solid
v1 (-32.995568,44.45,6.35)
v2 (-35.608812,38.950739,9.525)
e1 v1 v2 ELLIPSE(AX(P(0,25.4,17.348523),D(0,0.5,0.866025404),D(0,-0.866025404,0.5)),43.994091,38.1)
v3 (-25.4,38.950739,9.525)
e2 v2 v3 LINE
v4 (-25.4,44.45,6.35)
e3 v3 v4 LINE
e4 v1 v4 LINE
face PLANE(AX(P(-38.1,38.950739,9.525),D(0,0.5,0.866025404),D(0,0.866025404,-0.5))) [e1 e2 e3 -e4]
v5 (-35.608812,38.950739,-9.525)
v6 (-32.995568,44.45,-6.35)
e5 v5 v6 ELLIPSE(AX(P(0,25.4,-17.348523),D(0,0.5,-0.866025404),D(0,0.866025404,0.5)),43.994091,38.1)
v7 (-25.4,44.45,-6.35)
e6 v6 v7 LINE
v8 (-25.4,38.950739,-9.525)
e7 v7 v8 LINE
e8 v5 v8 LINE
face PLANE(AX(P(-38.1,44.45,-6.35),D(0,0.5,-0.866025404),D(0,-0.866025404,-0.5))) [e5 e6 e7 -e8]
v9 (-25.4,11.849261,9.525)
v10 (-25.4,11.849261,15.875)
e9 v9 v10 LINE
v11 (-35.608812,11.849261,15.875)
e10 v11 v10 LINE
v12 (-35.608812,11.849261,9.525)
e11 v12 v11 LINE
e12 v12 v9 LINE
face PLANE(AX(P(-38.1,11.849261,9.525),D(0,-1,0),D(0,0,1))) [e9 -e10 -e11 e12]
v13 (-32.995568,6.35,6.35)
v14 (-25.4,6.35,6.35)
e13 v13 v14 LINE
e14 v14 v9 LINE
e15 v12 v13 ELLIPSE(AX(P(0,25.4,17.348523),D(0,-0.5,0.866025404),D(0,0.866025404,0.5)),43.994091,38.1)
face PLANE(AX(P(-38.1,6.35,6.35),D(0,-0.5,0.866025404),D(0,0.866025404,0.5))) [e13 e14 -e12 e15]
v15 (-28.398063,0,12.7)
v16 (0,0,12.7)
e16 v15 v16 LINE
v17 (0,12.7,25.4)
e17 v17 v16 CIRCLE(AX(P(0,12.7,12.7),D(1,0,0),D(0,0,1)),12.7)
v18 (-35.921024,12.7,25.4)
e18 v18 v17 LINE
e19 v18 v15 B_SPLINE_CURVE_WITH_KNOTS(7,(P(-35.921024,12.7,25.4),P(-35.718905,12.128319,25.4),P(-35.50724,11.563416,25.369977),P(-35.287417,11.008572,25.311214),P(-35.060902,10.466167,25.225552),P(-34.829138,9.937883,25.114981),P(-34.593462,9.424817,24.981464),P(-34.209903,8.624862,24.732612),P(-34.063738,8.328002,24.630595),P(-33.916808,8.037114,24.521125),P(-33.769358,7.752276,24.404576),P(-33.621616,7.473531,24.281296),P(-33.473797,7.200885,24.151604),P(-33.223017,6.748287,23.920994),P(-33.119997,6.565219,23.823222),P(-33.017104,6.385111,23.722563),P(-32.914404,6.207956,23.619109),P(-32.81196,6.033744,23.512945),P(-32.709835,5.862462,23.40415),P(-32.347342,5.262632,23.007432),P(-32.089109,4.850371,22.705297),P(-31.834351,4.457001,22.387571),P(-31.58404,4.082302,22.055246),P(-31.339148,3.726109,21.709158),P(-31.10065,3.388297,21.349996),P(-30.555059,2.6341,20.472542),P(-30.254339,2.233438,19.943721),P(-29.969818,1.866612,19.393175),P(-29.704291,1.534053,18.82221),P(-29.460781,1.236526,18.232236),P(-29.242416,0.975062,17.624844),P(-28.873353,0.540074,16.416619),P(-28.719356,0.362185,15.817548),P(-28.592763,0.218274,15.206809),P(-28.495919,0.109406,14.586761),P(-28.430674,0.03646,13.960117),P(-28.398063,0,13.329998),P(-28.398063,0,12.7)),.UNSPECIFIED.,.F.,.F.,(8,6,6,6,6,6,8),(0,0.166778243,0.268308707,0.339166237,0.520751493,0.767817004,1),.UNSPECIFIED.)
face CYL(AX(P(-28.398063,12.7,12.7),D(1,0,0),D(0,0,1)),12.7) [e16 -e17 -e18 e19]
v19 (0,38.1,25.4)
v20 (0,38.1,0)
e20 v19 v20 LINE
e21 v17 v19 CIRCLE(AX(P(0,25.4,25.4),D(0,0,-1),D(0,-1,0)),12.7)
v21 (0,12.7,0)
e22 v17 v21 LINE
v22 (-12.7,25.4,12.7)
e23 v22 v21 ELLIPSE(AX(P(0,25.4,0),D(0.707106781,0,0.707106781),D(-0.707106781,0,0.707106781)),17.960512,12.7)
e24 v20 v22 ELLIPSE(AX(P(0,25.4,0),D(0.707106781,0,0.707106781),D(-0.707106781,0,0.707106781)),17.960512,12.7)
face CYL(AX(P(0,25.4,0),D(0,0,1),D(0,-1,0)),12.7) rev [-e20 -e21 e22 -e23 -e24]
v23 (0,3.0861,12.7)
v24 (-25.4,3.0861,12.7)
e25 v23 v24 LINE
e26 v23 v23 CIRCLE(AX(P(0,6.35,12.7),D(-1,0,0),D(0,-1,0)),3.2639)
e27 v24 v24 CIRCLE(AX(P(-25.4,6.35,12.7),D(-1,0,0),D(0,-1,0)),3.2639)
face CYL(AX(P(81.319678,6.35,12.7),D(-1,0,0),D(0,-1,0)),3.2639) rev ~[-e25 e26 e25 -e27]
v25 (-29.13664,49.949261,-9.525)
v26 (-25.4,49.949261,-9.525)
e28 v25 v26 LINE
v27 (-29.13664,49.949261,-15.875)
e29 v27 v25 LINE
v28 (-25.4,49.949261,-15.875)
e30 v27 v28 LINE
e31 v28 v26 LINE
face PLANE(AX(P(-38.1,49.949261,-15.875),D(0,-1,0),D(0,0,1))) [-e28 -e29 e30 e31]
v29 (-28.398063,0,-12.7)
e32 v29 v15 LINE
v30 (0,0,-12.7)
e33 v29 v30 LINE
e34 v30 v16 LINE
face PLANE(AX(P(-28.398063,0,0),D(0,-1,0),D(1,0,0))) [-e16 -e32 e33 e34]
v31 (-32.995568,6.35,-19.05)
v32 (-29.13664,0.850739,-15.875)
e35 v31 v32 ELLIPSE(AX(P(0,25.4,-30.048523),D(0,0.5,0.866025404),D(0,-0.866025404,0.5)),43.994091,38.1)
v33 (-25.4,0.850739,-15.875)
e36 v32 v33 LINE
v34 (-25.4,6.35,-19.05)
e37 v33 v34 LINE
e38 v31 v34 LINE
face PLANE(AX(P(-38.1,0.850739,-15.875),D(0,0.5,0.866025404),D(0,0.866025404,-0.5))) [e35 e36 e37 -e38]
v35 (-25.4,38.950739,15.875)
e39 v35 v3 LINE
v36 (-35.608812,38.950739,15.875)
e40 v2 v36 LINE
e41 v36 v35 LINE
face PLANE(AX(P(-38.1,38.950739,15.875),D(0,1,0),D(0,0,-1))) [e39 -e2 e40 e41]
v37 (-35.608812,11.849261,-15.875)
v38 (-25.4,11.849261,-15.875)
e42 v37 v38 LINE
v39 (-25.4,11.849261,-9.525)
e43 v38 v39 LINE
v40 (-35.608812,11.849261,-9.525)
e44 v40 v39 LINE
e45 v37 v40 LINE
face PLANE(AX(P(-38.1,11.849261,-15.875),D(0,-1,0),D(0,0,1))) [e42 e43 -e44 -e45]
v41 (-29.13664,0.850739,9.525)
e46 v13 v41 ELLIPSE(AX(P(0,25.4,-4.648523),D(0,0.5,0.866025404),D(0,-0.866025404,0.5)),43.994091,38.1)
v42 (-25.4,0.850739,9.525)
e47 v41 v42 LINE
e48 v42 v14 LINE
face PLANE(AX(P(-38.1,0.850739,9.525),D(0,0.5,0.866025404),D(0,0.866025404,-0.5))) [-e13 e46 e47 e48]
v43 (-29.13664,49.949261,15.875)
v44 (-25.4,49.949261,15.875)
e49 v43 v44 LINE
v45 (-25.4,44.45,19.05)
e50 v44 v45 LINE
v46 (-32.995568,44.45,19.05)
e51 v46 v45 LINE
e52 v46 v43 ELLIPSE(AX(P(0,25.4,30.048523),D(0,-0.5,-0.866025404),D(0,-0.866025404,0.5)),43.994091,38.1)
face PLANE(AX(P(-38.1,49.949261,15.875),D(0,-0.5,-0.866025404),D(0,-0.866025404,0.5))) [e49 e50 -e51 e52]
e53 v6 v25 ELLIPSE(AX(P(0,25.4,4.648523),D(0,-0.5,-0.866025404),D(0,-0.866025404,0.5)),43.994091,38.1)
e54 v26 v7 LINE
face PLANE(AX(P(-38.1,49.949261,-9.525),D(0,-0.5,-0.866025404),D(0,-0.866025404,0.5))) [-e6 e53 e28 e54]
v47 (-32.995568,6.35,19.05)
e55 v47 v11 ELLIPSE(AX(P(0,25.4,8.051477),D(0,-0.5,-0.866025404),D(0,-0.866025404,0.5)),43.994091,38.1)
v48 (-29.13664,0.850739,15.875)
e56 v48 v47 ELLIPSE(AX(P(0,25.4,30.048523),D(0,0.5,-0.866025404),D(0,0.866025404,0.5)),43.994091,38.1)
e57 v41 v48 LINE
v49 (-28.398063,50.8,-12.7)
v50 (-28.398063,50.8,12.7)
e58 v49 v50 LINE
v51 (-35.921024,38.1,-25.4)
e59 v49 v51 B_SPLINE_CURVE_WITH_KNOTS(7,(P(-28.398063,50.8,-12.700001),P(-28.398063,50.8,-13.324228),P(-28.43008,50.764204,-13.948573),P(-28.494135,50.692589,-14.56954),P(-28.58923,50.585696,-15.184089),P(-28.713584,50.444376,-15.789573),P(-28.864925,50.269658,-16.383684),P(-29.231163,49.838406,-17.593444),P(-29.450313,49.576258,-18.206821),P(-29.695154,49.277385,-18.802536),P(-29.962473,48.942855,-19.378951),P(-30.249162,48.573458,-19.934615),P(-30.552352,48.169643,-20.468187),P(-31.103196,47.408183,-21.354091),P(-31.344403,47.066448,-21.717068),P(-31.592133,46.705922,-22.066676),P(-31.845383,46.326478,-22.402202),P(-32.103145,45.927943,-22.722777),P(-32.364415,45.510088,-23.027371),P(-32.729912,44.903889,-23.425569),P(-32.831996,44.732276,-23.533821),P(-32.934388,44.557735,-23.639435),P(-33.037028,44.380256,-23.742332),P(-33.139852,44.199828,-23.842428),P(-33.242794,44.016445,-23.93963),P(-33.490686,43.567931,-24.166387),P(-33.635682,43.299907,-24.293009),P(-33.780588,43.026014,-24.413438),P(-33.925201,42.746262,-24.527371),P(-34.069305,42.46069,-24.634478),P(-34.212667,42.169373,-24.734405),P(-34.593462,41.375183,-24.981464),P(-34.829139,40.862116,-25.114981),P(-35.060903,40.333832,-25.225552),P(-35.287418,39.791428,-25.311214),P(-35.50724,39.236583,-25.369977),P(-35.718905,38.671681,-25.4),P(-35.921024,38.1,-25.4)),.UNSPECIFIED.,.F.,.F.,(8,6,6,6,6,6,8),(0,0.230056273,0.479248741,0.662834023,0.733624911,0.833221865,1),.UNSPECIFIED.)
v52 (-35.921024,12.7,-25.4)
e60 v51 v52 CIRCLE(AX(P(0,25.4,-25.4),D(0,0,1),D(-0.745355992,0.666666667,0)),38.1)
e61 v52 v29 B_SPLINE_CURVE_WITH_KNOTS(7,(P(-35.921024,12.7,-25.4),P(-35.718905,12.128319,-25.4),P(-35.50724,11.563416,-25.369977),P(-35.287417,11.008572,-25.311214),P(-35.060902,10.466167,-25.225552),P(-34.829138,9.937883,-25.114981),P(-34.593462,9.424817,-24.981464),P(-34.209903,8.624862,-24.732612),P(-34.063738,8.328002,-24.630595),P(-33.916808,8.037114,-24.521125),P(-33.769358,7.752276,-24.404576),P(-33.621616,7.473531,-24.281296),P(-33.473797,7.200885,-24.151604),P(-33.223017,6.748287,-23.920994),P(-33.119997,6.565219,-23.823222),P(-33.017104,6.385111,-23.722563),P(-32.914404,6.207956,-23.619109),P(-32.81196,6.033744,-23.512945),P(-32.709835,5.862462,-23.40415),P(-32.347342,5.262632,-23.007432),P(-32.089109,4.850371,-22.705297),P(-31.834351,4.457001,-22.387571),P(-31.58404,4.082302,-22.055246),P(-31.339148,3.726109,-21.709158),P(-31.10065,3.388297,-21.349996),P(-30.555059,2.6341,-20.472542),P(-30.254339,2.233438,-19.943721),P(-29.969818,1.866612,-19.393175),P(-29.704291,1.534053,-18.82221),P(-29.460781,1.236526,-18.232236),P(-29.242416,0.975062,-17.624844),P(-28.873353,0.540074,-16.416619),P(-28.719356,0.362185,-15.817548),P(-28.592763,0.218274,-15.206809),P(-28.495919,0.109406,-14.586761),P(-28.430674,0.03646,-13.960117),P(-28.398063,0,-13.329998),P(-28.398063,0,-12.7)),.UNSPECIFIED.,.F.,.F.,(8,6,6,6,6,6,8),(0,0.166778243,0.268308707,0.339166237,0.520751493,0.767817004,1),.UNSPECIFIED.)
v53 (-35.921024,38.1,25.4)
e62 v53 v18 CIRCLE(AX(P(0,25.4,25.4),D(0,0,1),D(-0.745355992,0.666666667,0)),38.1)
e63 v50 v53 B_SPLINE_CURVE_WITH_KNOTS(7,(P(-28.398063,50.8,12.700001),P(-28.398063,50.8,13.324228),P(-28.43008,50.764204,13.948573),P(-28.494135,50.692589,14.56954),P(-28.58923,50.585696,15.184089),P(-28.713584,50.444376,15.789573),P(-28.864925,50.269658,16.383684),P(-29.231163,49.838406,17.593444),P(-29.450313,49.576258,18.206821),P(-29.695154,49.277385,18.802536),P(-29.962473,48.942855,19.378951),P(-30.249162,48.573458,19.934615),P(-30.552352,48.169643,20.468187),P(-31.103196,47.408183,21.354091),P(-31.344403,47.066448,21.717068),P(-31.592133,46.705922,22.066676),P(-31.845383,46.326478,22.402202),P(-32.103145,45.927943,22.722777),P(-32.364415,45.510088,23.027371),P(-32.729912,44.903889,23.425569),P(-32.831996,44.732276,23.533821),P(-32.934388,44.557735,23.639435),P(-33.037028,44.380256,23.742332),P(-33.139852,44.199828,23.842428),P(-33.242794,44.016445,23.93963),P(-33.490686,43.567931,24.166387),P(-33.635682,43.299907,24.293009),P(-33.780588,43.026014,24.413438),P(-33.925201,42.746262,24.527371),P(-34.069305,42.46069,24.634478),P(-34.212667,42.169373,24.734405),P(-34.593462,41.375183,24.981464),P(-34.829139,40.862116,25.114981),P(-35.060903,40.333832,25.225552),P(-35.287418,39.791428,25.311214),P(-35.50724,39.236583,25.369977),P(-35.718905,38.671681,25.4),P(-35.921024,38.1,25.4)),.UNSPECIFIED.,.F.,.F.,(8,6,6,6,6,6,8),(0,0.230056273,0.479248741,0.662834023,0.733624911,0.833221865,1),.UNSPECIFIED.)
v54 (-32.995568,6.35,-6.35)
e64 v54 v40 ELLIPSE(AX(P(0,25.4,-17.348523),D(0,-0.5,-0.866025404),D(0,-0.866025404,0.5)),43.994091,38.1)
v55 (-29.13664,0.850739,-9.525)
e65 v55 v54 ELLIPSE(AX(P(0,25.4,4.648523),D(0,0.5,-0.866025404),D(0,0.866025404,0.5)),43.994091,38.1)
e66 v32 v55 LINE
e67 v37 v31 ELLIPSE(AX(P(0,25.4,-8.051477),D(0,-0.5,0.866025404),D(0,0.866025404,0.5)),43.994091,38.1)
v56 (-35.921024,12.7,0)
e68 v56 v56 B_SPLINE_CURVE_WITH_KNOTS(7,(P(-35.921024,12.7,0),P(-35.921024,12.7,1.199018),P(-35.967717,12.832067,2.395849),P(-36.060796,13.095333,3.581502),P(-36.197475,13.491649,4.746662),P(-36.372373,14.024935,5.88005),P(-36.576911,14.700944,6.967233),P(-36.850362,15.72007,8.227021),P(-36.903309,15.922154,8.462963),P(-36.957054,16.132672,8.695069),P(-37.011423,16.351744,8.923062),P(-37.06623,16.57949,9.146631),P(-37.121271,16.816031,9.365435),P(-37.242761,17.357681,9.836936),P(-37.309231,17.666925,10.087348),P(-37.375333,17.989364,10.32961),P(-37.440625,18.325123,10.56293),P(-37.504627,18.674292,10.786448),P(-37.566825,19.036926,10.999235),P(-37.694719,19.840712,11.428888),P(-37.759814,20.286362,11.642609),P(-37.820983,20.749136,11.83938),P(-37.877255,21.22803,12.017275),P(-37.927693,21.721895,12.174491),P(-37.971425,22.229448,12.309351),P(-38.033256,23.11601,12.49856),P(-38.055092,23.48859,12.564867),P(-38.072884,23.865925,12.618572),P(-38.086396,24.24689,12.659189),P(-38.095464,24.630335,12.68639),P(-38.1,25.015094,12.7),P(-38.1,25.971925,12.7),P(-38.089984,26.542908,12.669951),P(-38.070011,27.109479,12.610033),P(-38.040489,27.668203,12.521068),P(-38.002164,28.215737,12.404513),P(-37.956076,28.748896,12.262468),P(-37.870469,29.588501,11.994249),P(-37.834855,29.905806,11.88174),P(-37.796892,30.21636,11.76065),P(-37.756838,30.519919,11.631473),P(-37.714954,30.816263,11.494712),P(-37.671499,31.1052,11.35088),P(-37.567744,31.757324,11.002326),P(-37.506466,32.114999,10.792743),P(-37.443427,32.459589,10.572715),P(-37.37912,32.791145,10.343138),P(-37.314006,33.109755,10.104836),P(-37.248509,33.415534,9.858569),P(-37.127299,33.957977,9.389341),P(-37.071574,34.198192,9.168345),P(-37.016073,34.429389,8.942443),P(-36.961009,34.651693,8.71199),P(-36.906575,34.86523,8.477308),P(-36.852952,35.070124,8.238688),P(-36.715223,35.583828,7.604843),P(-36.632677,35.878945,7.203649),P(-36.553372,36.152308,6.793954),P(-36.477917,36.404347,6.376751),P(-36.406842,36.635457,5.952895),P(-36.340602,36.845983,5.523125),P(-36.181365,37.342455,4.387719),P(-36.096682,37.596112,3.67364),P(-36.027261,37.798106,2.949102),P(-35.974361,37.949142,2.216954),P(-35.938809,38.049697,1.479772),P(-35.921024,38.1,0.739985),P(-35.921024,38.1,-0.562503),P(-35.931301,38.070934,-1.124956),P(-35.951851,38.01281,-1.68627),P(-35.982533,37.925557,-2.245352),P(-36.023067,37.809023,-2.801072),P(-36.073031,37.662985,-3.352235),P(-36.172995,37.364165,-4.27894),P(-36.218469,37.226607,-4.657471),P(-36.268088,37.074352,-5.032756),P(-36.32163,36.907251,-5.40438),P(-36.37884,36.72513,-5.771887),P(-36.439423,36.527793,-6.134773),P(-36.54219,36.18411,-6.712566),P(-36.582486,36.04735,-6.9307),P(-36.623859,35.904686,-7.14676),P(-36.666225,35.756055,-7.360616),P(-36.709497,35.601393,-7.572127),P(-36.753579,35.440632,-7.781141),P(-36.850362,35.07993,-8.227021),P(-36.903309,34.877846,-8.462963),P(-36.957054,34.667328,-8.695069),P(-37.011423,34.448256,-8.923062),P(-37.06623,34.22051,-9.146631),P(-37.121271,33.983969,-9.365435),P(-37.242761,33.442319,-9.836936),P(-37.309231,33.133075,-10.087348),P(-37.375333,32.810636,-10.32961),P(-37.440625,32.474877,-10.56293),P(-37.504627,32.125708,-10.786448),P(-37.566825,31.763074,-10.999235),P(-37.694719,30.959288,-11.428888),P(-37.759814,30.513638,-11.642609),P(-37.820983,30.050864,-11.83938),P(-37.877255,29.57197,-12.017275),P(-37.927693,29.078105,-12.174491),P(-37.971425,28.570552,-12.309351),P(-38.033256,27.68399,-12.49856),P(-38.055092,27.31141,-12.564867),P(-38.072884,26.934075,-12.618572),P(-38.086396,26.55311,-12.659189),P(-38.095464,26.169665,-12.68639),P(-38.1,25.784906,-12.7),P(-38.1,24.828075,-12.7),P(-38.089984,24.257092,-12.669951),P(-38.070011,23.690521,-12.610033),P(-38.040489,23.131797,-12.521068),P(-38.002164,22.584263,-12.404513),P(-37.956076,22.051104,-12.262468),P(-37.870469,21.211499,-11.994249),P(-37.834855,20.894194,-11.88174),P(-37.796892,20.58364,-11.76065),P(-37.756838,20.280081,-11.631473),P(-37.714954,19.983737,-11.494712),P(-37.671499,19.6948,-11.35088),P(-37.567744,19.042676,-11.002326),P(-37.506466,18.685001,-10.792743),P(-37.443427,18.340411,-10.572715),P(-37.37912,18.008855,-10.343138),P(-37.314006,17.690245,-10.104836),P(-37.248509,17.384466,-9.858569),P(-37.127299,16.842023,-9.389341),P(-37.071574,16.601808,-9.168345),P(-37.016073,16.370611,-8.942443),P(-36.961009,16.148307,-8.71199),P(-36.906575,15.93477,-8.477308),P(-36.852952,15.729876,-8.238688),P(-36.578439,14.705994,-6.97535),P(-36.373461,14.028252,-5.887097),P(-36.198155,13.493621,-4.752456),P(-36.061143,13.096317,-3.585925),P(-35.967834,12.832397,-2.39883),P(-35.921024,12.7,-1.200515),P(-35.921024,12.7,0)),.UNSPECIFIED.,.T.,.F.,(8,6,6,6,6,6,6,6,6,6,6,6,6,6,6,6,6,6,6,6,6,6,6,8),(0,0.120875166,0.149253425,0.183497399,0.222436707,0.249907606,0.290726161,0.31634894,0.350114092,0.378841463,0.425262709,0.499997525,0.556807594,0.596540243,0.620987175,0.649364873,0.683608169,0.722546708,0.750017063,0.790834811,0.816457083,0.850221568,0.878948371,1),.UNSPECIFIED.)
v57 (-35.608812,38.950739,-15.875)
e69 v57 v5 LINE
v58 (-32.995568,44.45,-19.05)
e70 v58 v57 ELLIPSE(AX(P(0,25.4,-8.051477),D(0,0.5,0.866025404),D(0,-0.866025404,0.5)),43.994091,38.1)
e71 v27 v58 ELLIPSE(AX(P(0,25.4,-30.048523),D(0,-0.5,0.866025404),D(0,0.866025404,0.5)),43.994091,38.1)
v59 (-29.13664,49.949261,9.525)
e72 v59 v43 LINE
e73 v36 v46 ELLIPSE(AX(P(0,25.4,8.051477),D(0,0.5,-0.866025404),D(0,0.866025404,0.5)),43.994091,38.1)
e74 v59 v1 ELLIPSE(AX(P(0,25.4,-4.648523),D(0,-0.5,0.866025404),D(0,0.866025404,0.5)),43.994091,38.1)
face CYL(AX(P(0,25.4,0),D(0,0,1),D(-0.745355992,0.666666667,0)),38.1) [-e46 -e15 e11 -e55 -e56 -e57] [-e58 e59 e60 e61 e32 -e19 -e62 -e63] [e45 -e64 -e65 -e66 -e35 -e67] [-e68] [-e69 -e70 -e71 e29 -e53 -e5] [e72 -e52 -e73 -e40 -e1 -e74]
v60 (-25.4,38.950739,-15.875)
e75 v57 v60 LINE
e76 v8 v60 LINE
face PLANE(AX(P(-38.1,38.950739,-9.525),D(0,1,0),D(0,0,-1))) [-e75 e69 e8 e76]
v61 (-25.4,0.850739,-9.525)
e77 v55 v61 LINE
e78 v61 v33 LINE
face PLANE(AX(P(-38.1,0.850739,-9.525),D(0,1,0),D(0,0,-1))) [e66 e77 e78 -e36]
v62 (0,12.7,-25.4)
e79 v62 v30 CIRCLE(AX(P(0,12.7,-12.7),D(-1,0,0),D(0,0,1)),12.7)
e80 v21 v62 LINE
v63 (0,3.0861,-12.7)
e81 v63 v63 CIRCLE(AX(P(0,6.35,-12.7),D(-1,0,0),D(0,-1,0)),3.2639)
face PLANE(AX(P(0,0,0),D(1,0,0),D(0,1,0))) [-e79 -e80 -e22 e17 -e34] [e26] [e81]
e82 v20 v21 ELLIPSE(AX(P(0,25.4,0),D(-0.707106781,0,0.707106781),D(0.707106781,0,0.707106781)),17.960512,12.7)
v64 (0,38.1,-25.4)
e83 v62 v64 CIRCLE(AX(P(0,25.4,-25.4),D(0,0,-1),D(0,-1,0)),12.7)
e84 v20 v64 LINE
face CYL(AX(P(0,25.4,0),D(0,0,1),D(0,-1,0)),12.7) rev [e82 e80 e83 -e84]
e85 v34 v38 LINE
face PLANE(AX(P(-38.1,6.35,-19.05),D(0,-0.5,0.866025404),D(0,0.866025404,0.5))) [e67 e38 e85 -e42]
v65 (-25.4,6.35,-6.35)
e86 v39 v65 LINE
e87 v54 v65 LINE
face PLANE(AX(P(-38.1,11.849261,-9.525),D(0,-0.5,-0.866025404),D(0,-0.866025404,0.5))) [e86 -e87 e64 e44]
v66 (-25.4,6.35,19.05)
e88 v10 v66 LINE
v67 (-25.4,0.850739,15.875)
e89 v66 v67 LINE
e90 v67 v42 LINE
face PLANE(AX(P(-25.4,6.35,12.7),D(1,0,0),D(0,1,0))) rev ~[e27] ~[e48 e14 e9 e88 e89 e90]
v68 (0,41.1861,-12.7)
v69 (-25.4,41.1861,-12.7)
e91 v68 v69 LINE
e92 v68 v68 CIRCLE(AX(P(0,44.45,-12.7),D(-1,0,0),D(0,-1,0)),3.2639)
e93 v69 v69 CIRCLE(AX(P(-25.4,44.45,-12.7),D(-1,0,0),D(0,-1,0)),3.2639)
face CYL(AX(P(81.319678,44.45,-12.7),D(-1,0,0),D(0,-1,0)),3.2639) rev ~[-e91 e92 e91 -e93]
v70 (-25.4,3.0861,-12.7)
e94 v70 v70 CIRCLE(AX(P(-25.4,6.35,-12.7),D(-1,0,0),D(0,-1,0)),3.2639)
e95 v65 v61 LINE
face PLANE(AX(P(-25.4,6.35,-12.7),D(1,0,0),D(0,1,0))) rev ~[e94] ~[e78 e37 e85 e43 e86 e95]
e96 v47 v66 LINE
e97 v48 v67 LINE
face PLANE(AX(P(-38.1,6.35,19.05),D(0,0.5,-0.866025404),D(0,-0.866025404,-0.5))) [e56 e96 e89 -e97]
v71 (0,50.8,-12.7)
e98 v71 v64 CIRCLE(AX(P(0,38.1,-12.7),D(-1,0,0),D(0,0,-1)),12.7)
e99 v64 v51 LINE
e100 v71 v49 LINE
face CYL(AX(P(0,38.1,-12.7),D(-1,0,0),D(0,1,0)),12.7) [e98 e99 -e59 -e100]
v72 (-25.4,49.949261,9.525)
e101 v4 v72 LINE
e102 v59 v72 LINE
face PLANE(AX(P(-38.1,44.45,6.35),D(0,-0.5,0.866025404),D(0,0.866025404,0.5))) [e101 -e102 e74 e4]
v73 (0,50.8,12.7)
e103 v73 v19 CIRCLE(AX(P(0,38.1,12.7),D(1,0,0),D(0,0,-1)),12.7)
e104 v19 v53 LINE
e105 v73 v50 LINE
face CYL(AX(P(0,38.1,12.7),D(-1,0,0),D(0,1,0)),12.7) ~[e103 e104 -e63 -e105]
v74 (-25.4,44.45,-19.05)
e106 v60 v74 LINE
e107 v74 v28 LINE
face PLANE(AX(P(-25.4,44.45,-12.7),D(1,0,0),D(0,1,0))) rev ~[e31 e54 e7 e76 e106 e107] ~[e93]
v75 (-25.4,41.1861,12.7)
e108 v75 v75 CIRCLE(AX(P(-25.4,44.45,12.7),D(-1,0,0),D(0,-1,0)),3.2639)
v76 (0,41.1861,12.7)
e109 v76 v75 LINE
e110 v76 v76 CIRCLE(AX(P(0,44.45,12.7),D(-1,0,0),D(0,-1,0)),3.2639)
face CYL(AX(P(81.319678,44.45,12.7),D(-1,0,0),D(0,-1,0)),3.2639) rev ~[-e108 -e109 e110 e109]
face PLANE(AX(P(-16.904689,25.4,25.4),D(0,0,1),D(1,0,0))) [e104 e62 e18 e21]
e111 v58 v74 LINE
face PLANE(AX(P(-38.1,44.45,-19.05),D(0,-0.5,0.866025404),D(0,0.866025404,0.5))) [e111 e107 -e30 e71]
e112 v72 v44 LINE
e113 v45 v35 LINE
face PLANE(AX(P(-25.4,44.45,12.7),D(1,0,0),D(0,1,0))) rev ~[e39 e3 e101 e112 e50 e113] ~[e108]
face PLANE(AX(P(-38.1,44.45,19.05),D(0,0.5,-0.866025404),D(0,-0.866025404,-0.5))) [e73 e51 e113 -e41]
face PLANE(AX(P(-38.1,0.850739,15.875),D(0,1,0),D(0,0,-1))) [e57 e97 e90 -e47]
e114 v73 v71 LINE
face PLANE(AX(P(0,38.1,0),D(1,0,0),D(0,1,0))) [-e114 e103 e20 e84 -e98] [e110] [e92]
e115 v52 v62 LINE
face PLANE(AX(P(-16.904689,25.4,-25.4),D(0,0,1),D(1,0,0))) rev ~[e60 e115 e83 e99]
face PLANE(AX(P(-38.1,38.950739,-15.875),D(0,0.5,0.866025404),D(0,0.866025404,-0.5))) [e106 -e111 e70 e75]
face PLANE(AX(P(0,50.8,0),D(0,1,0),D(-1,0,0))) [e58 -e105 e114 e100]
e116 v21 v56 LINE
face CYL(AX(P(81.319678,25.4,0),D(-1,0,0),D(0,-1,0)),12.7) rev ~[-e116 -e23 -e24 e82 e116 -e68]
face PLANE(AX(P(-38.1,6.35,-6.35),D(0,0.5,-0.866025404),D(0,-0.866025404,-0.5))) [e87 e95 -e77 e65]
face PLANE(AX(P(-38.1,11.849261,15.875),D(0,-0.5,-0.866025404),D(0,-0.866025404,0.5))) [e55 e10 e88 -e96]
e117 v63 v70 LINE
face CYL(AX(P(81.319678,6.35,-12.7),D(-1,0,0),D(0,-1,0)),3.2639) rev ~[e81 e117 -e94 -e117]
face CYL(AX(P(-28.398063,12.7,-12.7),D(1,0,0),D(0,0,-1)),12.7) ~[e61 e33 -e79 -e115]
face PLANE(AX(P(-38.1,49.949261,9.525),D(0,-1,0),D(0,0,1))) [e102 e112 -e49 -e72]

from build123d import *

# Parameters (mm, degrees)
F1_DEPTH = 25.4
F3_D     = 6.5278
F7_DEPTH = 12.7
F8_R     = 12.7
F9_D     = 25.4


with BuildPart() as f1:
    # F0 (on Top) → F1 (new body, symmetric)
    with BuildSketch(Plane.XY):
        with BuildLine():
            Line((0, 50.8), (-28.3980633142, 50.8))
            ThreePointArc((-28.3980633142, 50.8), (-38.1, 25.4), (-28.3980633142, 0))
            Line((-28.3980633142, 0), (0, 0))
            Line((0, 0), (0, 12.7))
            ThreePointArc((0, 12.7), (-12.7, 25.4), (0, 38.1))
            Line((0, 38.1), (0, 50.8))
        make_face()
    extrude(amount=F1_DEPTH, both=True)

    # F3 (through all)
    with Locations(Plane.YZ):
        with Locations((6.35, 12.7), (44.45, 12.7), (44.45, -12.7), (6.35, -12.7)):
            Hole(F3_D / 2)

    # F6 (on plane+point) → F7 (cut)
    with BuildSketch(Plane.YZ.offset(-38.1)):
        Polygon((0.850738686, 15.875), (0.850738686, 9.525), (6.35, 6.35), (11.849261314, 9.525), (11.849261314, 15.875), (6.35, 19.05), align=None)
        Polygon((38.950738686, 15.875), (38.950738686, 9.525), (44.45, 6.35), (49.949261314, 9.525), (49.949261314, 15.875), (44.45, 19.05), align=None)
        Polygon((44.45, -6.35), (38.950738686, -9.525), (38.950738686, -15.875), (44.45, -19.05), (49.949261314, -15.875), (49.949261314, -9.525), align=None)
        Polygon((6.35, -6.35), (0.850738686, -9.525), (0.850738686, -15.875), (6.35, -19.05), (11.849261314, -15.875), (11.849261314, -9.525), align=None)
    extrude(amount=F7_DEPTH, mode=Mode.SUBTRACT)

    # F8
    f8_edges = [f1.edges().sort_by_distance(p)[0] for p in [
        (-14.199032, 0, 25.4),
        (-14.199032, 50.8, 25.4),
        (-14.199032, 0, -25.4),
        (-14.199032, 50.8, -25.4),
    ]]
    fillet(f8_edges, radius=F8_R)

    # F9 (through all)
    with Locations(Plane.YZ):
        with Locations((25.4, 0)):
            Hole(F9_D / 2)


solid = f1.part
